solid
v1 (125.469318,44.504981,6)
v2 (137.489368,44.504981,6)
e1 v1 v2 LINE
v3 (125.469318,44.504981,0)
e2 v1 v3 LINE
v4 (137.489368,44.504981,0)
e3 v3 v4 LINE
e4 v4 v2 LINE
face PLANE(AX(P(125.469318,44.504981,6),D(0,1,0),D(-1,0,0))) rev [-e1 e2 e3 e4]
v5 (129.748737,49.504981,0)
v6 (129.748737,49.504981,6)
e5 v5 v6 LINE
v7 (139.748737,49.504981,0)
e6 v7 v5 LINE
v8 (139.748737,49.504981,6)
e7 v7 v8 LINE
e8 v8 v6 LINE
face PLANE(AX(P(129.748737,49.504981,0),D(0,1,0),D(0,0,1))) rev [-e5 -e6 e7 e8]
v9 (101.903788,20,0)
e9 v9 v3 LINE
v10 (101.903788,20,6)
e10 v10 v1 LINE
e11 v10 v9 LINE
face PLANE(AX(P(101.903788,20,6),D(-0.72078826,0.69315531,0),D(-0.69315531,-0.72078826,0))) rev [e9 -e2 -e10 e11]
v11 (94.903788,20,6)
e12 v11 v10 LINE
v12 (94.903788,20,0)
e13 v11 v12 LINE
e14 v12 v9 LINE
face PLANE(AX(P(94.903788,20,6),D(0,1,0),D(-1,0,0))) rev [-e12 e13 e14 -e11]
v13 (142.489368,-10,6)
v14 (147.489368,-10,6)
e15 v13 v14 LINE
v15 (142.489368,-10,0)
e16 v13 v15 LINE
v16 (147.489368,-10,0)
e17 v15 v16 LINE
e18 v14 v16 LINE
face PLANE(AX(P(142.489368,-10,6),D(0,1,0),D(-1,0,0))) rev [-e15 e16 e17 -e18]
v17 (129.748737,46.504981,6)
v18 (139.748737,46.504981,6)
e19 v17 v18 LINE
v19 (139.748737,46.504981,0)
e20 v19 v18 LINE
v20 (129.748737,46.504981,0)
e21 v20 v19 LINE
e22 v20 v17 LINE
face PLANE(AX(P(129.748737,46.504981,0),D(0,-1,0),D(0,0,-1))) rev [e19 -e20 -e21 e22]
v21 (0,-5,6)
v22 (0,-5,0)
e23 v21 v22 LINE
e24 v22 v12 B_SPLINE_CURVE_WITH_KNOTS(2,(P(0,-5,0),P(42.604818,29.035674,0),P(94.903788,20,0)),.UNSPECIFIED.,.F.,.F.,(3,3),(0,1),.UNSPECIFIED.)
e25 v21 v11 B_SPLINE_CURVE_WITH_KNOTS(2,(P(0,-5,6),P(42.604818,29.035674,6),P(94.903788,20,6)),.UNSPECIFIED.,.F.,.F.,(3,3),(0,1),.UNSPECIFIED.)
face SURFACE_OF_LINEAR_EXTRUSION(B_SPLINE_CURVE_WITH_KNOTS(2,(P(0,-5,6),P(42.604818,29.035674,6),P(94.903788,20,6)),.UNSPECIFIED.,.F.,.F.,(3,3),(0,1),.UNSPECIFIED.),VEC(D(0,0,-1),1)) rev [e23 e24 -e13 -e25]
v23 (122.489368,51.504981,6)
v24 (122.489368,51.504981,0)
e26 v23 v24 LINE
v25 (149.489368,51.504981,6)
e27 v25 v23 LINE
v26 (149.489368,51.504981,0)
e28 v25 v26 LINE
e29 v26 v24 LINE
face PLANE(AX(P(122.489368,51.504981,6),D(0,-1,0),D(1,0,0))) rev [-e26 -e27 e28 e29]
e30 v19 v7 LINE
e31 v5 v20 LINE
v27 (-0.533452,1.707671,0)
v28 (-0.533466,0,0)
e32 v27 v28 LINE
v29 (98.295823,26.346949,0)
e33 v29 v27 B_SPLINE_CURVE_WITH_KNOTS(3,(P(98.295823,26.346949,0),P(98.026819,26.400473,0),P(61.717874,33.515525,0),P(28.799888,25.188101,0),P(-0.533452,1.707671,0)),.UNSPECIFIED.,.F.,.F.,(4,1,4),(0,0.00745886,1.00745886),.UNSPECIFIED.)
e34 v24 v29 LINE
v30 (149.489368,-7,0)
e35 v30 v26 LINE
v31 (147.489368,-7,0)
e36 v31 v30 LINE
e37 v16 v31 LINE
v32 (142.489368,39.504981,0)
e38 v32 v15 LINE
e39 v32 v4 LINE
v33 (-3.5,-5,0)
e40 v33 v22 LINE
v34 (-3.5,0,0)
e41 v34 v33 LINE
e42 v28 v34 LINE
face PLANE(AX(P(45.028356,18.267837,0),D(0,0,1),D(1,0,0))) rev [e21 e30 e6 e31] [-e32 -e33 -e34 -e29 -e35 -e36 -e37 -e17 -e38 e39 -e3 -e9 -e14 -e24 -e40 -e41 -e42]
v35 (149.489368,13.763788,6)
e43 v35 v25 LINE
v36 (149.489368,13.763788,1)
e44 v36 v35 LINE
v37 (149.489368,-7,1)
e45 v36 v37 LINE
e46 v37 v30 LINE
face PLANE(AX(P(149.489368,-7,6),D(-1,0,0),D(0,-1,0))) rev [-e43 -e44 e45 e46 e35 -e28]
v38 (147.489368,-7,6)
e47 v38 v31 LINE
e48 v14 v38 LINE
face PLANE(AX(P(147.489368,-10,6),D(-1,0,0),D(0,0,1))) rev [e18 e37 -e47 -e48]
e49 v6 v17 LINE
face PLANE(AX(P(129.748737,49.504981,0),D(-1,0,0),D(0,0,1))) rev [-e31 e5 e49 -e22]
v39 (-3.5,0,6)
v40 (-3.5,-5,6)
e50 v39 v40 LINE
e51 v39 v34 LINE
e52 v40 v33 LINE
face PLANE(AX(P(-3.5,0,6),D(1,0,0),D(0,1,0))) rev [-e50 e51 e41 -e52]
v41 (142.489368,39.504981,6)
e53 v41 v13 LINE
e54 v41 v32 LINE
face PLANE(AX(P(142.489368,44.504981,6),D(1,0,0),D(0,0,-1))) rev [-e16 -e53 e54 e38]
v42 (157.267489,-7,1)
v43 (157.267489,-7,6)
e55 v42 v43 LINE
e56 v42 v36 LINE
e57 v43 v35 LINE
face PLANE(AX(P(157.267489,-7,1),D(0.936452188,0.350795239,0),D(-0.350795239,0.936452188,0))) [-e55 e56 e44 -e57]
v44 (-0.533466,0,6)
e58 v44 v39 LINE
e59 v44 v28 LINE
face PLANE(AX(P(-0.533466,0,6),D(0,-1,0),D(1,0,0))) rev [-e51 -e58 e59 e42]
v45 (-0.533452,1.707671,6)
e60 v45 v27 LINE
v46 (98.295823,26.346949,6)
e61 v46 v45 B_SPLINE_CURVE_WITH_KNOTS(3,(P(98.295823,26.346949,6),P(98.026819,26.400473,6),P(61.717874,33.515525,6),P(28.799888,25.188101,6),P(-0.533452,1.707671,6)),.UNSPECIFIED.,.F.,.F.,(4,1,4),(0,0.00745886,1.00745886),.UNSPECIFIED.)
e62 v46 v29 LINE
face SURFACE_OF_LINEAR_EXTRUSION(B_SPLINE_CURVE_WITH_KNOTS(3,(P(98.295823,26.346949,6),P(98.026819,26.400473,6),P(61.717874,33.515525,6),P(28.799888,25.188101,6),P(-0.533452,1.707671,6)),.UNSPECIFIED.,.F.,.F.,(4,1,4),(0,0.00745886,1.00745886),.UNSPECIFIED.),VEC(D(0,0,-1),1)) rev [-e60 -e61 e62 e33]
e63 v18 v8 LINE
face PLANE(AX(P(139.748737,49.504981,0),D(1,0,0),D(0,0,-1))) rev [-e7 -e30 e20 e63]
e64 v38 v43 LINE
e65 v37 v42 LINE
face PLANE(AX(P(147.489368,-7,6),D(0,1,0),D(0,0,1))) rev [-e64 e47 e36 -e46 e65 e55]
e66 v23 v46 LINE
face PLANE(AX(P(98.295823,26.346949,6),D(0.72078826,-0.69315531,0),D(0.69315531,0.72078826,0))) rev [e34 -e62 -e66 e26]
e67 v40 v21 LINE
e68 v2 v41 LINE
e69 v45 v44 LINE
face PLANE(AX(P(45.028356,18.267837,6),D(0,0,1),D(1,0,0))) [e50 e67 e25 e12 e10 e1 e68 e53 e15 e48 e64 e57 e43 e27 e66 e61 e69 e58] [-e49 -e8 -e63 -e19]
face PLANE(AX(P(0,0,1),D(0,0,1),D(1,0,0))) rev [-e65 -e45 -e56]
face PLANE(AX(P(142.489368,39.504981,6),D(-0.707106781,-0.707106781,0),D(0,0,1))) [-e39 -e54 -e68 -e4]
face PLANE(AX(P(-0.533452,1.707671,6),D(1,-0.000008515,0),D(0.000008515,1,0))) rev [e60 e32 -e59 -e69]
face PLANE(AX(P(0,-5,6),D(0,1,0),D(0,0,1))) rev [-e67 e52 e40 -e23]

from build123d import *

# Parameters (mm, degrees)
BOSS_EXTRUDE1_DEPTH = 6
BOSS_EXTRUDE2_DEPTH = 5
CHAMFER1_SIZE       = 5
SKETCH3_W           = 10
SKETCH3_H           = 3
CUT_EXTRUDE1_DEPTH  = 6


with BuildPart() as part:
    # Sketch1 → Boss-Extrude1 (new body)
    with BuildSketch(Plane.XY):
        with BuildLine():
            Line((-0.533466094, 0), (-3.5, 0))
            Line((-3.5, 0), (-3.5, -5))
            Line((-3.5, -5), (0, -5))
            add(Edge.make_bspline(
                [(0, -5), (42.604817908, 29.035673618), (94.903787643, 20)],
                knots=[0, 0, 0, 1, 1, 1], degree=2))
            Line((94.903787643, 20), (101.903787643, 20))
            Line((101.903787643, 20), (125.469317842, 44.504980705))
            Line((125.469317842, 44.504980705), (142.489368048, 44.504980705))
            Line((142.489368048, 44.504980705), (142.489368048, -10))
            Line((142.489368048, -10), (147.489368048, -10))
            Line((147.489368048, -10), (147.489368048, -7))
            Line((147.489368048, -7), (149.489368048, -7))
            Line((149.489368048, -7), (149.489368048, 51.504980705))
            Line((149.489368048, 51.504980705), (122.489368048, 51.504980705))
            Line((122.489368048, 51.504980705), (98.295822857, 26.346948908))
            add(Edge.make_bspline(
                [(-0.533451554, 1.707670566), (28.799887609, 25.188101284), (61.717873648, 33.515524554), (98.026818716, 26.400472635), (98.295822857, 26.346948908)],
                knots=[0, 0, 0, 0, 1, 1.00745886, 1.00745886, 1.00745886, 1.00745886], degree=3))
            Line((-0.533451554, 1.707670566), (-0.533466094, 0))
        make_face()
    extrude(amount=BOSS_EXTRUDE1_DEPTH)

    # Sketch2 → Boss-Extrude2 (add)
    with BuildSketch(Plane.XY.offset(6)):
        Polygon((149.489368048, -7), (157.267488672, -7), (149.489368048, 13.763788313), align=None)
    extrude(amount=-BOSS_EXTRUDE2_DEPTH)

    # Chamfer1
    chamfer1_edges = [part.edges().sort_by_distance(p)[0] for p in [
        (142.489368048, 44.504980705, 3),
    ]]
    chamfer(chamfer1_edges, length=CHAMFER1_SIZE)

    # Sketch3 → Cut-Extrude1 (cut)
    with BuildSketch(Plane.XY.offset(6)):
        with Locations((134.74873736, 48.004980705)):
            Rectangle(SKETCH3_W, SKETCH3_H)
    extrude(amount=-CUT_EXTRUDE1_DEPTH, mode=Mode.SUBTRACT)


solid = part.part
